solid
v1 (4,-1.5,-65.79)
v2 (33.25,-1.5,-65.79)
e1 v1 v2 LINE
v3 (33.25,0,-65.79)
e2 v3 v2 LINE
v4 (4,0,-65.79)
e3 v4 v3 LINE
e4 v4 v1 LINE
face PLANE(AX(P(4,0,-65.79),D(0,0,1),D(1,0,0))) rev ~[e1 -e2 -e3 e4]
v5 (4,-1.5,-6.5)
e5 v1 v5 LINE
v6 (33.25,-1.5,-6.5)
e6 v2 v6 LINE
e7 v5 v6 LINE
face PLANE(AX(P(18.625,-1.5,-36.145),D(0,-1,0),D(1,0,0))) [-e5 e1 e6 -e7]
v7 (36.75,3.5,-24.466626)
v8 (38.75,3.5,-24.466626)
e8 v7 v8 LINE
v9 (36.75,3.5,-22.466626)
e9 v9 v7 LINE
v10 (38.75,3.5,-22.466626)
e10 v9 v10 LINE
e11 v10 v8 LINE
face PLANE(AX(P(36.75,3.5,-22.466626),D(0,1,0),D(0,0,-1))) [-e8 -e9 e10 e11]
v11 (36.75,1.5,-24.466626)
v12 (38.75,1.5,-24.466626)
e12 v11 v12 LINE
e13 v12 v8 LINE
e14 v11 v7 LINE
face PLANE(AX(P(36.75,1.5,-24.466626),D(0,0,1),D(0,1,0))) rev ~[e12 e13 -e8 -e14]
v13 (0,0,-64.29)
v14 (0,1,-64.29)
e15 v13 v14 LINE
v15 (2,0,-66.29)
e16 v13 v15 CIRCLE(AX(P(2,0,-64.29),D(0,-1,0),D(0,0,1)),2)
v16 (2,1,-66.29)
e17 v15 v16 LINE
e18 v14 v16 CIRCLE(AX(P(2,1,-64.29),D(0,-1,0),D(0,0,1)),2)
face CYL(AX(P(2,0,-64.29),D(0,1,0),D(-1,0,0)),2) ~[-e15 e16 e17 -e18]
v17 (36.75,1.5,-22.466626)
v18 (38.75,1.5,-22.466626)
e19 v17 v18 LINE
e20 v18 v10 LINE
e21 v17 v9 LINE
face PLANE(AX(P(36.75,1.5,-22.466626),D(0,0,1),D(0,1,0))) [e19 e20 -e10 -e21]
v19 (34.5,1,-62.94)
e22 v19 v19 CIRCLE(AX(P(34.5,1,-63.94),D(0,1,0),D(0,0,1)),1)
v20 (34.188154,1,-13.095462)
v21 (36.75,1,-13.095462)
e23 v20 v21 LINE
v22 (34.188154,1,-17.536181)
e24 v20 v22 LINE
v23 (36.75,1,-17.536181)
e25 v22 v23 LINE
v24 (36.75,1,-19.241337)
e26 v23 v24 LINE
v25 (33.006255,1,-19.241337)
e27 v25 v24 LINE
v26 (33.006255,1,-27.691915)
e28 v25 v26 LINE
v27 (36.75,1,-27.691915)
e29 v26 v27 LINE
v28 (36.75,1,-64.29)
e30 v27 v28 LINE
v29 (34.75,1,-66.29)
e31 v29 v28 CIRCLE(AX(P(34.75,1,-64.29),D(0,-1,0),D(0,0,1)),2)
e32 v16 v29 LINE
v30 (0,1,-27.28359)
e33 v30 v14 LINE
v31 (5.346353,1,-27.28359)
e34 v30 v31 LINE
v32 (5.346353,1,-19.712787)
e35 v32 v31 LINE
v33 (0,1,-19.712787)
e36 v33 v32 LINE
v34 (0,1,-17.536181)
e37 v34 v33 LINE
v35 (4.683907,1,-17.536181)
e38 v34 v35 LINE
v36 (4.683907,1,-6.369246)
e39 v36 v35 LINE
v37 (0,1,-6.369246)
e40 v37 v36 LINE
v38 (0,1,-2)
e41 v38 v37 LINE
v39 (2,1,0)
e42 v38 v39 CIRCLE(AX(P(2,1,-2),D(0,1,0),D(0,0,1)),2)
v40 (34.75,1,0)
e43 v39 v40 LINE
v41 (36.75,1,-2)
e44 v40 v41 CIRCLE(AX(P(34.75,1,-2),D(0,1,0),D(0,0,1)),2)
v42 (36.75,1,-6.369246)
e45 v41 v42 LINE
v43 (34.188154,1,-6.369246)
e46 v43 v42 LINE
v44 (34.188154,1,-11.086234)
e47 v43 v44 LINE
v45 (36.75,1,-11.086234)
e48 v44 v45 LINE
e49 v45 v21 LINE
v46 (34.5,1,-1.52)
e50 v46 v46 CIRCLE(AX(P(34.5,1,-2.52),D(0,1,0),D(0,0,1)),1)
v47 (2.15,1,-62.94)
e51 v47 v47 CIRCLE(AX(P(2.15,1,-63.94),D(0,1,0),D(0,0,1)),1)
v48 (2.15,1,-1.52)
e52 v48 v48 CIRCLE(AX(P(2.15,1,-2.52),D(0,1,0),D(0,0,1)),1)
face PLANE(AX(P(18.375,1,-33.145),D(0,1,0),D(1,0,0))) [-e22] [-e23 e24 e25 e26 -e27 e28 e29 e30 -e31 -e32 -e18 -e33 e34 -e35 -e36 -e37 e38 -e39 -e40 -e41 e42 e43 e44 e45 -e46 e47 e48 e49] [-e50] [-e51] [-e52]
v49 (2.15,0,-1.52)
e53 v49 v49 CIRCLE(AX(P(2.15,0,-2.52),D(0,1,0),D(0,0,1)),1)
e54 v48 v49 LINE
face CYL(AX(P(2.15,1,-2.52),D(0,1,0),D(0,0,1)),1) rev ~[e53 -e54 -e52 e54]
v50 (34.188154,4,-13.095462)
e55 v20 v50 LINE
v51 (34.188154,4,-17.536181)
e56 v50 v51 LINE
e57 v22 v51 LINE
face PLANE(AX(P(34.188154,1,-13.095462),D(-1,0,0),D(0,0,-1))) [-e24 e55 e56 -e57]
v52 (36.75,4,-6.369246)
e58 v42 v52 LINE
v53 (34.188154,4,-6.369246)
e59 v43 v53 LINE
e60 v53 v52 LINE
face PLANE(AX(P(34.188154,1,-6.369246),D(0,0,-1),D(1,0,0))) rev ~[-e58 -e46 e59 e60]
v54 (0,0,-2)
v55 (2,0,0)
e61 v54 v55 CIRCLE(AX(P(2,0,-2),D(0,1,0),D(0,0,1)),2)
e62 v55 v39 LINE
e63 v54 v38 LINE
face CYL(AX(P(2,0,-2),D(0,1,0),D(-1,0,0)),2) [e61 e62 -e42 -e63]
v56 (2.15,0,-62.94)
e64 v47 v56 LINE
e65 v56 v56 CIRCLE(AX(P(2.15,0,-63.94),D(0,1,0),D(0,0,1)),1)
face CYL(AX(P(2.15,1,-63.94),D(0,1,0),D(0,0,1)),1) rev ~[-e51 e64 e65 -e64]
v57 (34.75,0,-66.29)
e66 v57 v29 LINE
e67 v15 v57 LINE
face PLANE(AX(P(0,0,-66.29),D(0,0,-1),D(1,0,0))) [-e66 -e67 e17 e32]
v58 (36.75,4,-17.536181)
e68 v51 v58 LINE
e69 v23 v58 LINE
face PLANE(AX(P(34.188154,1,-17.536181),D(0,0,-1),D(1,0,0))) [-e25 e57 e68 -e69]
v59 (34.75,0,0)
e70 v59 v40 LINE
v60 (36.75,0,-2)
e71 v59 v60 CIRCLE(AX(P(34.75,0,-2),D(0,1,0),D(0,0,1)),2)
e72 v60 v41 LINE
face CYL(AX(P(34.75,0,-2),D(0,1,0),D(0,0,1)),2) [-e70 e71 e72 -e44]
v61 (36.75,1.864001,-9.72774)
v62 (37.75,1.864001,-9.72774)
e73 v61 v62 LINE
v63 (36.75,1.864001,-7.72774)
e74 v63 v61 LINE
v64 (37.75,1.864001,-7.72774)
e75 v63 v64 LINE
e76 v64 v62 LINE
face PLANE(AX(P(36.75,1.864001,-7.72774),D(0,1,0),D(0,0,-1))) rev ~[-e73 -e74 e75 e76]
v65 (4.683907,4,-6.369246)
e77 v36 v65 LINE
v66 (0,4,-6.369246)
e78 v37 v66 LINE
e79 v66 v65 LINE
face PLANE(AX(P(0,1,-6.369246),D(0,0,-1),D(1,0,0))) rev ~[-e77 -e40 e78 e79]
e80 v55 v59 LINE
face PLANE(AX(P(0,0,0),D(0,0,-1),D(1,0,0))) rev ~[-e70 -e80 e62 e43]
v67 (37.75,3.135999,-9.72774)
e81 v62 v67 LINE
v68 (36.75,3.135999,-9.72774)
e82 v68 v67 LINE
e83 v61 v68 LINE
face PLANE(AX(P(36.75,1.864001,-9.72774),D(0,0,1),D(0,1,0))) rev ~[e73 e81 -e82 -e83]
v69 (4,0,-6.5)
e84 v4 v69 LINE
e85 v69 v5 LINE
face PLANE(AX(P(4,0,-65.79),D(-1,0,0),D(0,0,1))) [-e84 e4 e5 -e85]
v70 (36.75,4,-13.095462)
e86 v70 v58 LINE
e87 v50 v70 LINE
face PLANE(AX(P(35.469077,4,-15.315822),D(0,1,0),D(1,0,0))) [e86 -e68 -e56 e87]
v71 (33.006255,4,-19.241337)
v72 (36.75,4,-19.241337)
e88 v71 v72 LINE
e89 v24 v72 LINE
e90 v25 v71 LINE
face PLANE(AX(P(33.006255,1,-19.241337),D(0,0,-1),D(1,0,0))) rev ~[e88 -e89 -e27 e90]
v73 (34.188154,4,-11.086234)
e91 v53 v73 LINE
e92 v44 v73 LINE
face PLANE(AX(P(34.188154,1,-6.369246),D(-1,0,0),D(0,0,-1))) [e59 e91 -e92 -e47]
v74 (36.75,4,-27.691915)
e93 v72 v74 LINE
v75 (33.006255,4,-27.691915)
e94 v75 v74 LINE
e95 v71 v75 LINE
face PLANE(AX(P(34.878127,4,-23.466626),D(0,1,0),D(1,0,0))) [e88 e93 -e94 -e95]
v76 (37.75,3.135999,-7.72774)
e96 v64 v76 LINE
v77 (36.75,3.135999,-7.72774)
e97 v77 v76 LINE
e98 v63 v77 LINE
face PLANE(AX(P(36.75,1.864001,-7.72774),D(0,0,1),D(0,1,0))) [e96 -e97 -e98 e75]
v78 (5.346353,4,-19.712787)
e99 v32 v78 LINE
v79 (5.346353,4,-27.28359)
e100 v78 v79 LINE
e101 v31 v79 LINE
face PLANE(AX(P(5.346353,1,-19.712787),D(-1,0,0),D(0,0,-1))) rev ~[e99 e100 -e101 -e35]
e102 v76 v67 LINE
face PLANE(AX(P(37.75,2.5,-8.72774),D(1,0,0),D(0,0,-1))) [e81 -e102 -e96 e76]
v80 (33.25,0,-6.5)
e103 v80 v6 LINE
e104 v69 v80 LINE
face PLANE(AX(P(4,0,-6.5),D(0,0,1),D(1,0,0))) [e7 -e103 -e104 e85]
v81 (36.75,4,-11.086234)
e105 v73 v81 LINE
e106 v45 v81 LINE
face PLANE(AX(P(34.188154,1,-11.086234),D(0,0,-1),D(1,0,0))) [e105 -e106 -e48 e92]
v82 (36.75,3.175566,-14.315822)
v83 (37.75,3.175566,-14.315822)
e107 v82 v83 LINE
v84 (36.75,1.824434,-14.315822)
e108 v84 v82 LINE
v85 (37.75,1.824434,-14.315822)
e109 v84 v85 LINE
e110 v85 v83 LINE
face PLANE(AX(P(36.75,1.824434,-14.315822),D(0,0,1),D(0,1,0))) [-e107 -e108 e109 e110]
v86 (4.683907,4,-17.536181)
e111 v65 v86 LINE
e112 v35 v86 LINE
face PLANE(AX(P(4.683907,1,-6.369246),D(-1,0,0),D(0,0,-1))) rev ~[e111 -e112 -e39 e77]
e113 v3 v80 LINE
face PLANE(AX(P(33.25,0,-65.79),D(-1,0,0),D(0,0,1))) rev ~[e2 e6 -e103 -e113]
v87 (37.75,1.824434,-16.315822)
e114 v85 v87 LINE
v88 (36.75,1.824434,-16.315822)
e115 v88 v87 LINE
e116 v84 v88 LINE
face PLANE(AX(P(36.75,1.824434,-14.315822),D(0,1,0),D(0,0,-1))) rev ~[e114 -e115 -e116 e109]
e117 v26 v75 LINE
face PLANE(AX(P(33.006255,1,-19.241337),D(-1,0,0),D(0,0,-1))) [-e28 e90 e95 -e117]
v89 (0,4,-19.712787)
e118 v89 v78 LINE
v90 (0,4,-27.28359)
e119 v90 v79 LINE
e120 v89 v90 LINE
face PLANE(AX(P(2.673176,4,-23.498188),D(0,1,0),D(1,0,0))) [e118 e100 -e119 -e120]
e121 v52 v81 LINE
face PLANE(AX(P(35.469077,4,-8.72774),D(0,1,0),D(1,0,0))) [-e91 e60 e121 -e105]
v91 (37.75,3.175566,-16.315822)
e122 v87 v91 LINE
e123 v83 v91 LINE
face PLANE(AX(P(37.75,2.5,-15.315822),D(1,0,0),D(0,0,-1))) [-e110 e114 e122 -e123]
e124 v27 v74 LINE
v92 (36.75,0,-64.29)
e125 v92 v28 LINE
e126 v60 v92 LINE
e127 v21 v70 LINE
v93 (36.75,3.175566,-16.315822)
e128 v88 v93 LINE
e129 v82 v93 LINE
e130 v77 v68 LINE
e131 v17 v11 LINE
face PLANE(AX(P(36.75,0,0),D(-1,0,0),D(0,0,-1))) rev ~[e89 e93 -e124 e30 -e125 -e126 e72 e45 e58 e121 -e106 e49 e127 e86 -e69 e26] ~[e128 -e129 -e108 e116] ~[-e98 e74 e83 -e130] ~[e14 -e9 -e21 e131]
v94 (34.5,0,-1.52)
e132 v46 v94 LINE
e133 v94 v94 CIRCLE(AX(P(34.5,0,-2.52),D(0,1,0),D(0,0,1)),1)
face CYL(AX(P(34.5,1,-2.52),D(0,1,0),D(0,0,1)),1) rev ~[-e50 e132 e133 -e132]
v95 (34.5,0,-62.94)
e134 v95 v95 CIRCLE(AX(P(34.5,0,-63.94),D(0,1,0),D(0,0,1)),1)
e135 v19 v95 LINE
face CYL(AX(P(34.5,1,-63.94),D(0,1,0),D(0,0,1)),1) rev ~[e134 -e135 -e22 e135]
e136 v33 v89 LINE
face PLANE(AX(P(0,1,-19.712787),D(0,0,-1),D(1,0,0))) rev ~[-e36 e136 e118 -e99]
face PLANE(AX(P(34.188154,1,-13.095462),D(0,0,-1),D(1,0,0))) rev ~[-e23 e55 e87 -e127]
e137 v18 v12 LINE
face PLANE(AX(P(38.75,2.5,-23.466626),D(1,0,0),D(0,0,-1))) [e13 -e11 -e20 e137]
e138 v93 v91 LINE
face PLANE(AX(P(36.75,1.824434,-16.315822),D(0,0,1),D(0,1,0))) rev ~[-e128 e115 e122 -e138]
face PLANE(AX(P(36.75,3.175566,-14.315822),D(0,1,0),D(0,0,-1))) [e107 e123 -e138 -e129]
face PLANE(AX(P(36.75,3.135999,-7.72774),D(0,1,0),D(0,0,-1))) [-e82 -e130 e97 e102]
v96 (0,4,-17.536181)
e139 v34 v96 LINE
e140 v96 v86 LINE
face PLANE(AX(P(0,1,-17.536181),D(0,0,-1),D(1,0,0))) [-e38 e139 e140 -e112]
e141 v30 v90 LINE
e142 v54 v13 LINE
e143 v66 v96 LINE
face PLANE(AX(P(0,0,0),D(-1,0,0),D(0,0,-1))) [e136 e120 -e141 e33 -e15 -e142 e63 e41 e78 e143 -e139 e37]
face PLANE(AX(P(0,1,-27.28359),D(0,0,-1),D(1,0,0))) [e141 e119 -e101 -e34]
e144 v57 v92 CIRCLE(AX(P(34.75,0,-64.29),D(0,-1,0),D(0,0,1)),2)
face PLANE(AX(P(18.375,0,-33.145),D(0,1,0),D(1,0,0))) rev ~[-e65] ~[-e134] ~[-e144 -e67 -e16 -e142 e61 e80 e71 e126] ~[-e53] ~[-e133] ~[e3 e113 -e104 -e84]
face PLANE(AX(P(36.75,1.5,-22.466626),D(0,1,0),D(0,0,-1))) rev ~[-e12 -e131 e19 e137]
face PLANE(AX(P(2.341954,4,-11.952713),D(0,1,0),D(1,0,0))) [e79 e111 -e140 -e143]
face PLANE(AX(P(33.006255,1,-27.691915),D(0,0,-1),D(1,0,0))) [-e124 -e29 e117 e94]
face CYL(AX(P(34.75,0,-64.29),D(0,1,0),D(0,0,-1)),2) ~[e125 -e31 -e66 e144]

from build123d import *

# Parameters (mm, degrees)
SKETCH5_W           = 36.75
SKETCH5_H           = 66.29
BOSS_EXTRUDE3_DEPTH = 1
FILLET1_R           = 2
FILLET2_R           = 2
SKETCH7_R           = 1
CUT_EXTRUDE1_DEPTH  = 2
SKETCH9_W           = 4.683907435
SKETCH9_H           = 11.166934783
SKETCH9_W_2         = 3.743745131
SKETCH9_H_2         = 8.450578132
SKETCH9_W_3         = 2.561846092
SKETCH9_H_3         = 4.440718541
SKETCH9_H_4         = 4.716987875
SKETCH9_W_4         = 5.346352719
SKETCH9_H_5         = 7.570803243
BOSS_EXTRUDE5_DEPTH = 3
SKETCH11_W          = 2
SKETCH11_H          = 1.271998182
SKETCH11_H_2        = 1.351132692
BOSS_EXTRUDE6_DEPTH = 1
SKETCH12_W          = 2
SKETCH12_H          = 2
BOSS_EXTRUDE7_DEPTH = 2
SKETCH13_W          = 29.25
SKETCH13_H          = 59.29
BOSS_EXTRUDE8_DEPTH = 1.5


with BuildPart() as part:
    # Sketch5 → Boss-Extrude3 (new body)
    with BuildSketch(Plane(origin=(0, 0, 0), x_dir=(1, 0, 0), z_dir=(0, 1, 0))):
        with Locations((18.375, 33.145)):
            Rectangle(SKETCH5_W, SKETCH5_H)
    extrude(amount=BOSS_EXTRUDE3_DEPTH)

    # Fillet1
    fillet1_edges = [part.edges().sort_by_distance(p)[0] for p in [
        (0, 0.5, 0),
    ]]
    fillet(fillet1_edges, radius=FILLET1_R)

    # Fillet2
    fillet2_edges = [part.edges().sort_by_distance(p)[0] for p in [
        (0, 0.5, -66.29),
        (36.75, 0.5, -66.29),
        (36.75, 0.5, 0),
    ]]
    fillet(fillet2_edges, radius=FILLET2_R)

    # Sketch7 → Cut-Extrude1 (cut)
    with BuildSketch(Plane(origin=(0, 1, 0), x_dir=(1, 0, 0), z_dir=(0, 1, 0))):
        with Locations(Location((2.15, 63.94, 0), (0, 0, 270))):
            Circle(SKETCH7_R)
        with Locations(Location((34.5, 63.94, 0), (0, 0, 270))):
            Circle(SKETCH7_R)
        with Locations(Location((2.15, 2.52, 0), (0, 0, 270))):
            Circle(SKETCH7_R)
        with Locations(Location((34.5, 2.52, 0), (0, 0, 270))):
            Circle(SKETCH7_R)
    extrude(amount=-CUT_EXTRUDE1_DEPTH, mode=Mode.SUBTRACT)

    # Sketch9 → Boss-Extrude5 (add)
    with BuildSketch(Plane(origin=(0, 1, 0), x_dir=(1, 0, 0), z_dir=(0, 1, 0))):
        with Locations((2.341953718, 11.952713426)):
            Rectangle(SKETCH9_W, SKETCH9_H)
        with Locations((34.878127435, 23.466626346)):
            Rectangle(SKETCH9_W_2, SKETCH9_H_2)
        with Locations((35.469076954, 15.315821547)):
            Rectangle(SKETCH9_W_3, SKETCH9_H_3)
        with Locations((35.469076954, 8.727739972)):
            Rectangle(SKETCH9_W_3, SKETCH9_H_4)
        with Locations((2.67317636, 23.498188372)):
            Rectangle(SKETCH9_W_4, SKETCH9_H_5)
    extrude(amount=BOSS_EXTRUDE5_DEPTH)

    # Sketch11 → Boss-Extrude6 (add)
    with BuildSketch(Plane(origin=(36.75, 0, 0), x_dir=(0, 0, -1), z_dir=(1, 0, 0))):
        with Locations((8.727739971, 2.5)):
            Rectangle(SKETCH11_W, SKETCH11_H)
        with Locations((15.315821546, 2.5)):
            Rectangle(SKETCH11_W, SKETCH11_H_2)
    extrude(amount=BOSS_EXTRUDE6_DEPTH)

    # Sketch12 → Boss-Extrude7 (add)
    with BuildSketch(Plane(origin=(36.75, 0, 0), x_dir=(0, 0, -1), z_dir=(1, 0, 0))):
        with Locations((23.466626346, 2.5)):
            Rectangle(SKETCH12_W, SKETCH12_H)
    extrude(amount=BOSS_EXTRUDE7_DEPTH)

    # Sketch13 → Boss-Extrude8 (add)
    with BuildSketch(Plane.XZ):
        with Locations((18.625, -36.145)):
            Rectangle(SKETCH13_W, SKETCH13_H)
    extrude(amount=BOSS_EXTRUDE8_DEPTH)


solid = part.part
